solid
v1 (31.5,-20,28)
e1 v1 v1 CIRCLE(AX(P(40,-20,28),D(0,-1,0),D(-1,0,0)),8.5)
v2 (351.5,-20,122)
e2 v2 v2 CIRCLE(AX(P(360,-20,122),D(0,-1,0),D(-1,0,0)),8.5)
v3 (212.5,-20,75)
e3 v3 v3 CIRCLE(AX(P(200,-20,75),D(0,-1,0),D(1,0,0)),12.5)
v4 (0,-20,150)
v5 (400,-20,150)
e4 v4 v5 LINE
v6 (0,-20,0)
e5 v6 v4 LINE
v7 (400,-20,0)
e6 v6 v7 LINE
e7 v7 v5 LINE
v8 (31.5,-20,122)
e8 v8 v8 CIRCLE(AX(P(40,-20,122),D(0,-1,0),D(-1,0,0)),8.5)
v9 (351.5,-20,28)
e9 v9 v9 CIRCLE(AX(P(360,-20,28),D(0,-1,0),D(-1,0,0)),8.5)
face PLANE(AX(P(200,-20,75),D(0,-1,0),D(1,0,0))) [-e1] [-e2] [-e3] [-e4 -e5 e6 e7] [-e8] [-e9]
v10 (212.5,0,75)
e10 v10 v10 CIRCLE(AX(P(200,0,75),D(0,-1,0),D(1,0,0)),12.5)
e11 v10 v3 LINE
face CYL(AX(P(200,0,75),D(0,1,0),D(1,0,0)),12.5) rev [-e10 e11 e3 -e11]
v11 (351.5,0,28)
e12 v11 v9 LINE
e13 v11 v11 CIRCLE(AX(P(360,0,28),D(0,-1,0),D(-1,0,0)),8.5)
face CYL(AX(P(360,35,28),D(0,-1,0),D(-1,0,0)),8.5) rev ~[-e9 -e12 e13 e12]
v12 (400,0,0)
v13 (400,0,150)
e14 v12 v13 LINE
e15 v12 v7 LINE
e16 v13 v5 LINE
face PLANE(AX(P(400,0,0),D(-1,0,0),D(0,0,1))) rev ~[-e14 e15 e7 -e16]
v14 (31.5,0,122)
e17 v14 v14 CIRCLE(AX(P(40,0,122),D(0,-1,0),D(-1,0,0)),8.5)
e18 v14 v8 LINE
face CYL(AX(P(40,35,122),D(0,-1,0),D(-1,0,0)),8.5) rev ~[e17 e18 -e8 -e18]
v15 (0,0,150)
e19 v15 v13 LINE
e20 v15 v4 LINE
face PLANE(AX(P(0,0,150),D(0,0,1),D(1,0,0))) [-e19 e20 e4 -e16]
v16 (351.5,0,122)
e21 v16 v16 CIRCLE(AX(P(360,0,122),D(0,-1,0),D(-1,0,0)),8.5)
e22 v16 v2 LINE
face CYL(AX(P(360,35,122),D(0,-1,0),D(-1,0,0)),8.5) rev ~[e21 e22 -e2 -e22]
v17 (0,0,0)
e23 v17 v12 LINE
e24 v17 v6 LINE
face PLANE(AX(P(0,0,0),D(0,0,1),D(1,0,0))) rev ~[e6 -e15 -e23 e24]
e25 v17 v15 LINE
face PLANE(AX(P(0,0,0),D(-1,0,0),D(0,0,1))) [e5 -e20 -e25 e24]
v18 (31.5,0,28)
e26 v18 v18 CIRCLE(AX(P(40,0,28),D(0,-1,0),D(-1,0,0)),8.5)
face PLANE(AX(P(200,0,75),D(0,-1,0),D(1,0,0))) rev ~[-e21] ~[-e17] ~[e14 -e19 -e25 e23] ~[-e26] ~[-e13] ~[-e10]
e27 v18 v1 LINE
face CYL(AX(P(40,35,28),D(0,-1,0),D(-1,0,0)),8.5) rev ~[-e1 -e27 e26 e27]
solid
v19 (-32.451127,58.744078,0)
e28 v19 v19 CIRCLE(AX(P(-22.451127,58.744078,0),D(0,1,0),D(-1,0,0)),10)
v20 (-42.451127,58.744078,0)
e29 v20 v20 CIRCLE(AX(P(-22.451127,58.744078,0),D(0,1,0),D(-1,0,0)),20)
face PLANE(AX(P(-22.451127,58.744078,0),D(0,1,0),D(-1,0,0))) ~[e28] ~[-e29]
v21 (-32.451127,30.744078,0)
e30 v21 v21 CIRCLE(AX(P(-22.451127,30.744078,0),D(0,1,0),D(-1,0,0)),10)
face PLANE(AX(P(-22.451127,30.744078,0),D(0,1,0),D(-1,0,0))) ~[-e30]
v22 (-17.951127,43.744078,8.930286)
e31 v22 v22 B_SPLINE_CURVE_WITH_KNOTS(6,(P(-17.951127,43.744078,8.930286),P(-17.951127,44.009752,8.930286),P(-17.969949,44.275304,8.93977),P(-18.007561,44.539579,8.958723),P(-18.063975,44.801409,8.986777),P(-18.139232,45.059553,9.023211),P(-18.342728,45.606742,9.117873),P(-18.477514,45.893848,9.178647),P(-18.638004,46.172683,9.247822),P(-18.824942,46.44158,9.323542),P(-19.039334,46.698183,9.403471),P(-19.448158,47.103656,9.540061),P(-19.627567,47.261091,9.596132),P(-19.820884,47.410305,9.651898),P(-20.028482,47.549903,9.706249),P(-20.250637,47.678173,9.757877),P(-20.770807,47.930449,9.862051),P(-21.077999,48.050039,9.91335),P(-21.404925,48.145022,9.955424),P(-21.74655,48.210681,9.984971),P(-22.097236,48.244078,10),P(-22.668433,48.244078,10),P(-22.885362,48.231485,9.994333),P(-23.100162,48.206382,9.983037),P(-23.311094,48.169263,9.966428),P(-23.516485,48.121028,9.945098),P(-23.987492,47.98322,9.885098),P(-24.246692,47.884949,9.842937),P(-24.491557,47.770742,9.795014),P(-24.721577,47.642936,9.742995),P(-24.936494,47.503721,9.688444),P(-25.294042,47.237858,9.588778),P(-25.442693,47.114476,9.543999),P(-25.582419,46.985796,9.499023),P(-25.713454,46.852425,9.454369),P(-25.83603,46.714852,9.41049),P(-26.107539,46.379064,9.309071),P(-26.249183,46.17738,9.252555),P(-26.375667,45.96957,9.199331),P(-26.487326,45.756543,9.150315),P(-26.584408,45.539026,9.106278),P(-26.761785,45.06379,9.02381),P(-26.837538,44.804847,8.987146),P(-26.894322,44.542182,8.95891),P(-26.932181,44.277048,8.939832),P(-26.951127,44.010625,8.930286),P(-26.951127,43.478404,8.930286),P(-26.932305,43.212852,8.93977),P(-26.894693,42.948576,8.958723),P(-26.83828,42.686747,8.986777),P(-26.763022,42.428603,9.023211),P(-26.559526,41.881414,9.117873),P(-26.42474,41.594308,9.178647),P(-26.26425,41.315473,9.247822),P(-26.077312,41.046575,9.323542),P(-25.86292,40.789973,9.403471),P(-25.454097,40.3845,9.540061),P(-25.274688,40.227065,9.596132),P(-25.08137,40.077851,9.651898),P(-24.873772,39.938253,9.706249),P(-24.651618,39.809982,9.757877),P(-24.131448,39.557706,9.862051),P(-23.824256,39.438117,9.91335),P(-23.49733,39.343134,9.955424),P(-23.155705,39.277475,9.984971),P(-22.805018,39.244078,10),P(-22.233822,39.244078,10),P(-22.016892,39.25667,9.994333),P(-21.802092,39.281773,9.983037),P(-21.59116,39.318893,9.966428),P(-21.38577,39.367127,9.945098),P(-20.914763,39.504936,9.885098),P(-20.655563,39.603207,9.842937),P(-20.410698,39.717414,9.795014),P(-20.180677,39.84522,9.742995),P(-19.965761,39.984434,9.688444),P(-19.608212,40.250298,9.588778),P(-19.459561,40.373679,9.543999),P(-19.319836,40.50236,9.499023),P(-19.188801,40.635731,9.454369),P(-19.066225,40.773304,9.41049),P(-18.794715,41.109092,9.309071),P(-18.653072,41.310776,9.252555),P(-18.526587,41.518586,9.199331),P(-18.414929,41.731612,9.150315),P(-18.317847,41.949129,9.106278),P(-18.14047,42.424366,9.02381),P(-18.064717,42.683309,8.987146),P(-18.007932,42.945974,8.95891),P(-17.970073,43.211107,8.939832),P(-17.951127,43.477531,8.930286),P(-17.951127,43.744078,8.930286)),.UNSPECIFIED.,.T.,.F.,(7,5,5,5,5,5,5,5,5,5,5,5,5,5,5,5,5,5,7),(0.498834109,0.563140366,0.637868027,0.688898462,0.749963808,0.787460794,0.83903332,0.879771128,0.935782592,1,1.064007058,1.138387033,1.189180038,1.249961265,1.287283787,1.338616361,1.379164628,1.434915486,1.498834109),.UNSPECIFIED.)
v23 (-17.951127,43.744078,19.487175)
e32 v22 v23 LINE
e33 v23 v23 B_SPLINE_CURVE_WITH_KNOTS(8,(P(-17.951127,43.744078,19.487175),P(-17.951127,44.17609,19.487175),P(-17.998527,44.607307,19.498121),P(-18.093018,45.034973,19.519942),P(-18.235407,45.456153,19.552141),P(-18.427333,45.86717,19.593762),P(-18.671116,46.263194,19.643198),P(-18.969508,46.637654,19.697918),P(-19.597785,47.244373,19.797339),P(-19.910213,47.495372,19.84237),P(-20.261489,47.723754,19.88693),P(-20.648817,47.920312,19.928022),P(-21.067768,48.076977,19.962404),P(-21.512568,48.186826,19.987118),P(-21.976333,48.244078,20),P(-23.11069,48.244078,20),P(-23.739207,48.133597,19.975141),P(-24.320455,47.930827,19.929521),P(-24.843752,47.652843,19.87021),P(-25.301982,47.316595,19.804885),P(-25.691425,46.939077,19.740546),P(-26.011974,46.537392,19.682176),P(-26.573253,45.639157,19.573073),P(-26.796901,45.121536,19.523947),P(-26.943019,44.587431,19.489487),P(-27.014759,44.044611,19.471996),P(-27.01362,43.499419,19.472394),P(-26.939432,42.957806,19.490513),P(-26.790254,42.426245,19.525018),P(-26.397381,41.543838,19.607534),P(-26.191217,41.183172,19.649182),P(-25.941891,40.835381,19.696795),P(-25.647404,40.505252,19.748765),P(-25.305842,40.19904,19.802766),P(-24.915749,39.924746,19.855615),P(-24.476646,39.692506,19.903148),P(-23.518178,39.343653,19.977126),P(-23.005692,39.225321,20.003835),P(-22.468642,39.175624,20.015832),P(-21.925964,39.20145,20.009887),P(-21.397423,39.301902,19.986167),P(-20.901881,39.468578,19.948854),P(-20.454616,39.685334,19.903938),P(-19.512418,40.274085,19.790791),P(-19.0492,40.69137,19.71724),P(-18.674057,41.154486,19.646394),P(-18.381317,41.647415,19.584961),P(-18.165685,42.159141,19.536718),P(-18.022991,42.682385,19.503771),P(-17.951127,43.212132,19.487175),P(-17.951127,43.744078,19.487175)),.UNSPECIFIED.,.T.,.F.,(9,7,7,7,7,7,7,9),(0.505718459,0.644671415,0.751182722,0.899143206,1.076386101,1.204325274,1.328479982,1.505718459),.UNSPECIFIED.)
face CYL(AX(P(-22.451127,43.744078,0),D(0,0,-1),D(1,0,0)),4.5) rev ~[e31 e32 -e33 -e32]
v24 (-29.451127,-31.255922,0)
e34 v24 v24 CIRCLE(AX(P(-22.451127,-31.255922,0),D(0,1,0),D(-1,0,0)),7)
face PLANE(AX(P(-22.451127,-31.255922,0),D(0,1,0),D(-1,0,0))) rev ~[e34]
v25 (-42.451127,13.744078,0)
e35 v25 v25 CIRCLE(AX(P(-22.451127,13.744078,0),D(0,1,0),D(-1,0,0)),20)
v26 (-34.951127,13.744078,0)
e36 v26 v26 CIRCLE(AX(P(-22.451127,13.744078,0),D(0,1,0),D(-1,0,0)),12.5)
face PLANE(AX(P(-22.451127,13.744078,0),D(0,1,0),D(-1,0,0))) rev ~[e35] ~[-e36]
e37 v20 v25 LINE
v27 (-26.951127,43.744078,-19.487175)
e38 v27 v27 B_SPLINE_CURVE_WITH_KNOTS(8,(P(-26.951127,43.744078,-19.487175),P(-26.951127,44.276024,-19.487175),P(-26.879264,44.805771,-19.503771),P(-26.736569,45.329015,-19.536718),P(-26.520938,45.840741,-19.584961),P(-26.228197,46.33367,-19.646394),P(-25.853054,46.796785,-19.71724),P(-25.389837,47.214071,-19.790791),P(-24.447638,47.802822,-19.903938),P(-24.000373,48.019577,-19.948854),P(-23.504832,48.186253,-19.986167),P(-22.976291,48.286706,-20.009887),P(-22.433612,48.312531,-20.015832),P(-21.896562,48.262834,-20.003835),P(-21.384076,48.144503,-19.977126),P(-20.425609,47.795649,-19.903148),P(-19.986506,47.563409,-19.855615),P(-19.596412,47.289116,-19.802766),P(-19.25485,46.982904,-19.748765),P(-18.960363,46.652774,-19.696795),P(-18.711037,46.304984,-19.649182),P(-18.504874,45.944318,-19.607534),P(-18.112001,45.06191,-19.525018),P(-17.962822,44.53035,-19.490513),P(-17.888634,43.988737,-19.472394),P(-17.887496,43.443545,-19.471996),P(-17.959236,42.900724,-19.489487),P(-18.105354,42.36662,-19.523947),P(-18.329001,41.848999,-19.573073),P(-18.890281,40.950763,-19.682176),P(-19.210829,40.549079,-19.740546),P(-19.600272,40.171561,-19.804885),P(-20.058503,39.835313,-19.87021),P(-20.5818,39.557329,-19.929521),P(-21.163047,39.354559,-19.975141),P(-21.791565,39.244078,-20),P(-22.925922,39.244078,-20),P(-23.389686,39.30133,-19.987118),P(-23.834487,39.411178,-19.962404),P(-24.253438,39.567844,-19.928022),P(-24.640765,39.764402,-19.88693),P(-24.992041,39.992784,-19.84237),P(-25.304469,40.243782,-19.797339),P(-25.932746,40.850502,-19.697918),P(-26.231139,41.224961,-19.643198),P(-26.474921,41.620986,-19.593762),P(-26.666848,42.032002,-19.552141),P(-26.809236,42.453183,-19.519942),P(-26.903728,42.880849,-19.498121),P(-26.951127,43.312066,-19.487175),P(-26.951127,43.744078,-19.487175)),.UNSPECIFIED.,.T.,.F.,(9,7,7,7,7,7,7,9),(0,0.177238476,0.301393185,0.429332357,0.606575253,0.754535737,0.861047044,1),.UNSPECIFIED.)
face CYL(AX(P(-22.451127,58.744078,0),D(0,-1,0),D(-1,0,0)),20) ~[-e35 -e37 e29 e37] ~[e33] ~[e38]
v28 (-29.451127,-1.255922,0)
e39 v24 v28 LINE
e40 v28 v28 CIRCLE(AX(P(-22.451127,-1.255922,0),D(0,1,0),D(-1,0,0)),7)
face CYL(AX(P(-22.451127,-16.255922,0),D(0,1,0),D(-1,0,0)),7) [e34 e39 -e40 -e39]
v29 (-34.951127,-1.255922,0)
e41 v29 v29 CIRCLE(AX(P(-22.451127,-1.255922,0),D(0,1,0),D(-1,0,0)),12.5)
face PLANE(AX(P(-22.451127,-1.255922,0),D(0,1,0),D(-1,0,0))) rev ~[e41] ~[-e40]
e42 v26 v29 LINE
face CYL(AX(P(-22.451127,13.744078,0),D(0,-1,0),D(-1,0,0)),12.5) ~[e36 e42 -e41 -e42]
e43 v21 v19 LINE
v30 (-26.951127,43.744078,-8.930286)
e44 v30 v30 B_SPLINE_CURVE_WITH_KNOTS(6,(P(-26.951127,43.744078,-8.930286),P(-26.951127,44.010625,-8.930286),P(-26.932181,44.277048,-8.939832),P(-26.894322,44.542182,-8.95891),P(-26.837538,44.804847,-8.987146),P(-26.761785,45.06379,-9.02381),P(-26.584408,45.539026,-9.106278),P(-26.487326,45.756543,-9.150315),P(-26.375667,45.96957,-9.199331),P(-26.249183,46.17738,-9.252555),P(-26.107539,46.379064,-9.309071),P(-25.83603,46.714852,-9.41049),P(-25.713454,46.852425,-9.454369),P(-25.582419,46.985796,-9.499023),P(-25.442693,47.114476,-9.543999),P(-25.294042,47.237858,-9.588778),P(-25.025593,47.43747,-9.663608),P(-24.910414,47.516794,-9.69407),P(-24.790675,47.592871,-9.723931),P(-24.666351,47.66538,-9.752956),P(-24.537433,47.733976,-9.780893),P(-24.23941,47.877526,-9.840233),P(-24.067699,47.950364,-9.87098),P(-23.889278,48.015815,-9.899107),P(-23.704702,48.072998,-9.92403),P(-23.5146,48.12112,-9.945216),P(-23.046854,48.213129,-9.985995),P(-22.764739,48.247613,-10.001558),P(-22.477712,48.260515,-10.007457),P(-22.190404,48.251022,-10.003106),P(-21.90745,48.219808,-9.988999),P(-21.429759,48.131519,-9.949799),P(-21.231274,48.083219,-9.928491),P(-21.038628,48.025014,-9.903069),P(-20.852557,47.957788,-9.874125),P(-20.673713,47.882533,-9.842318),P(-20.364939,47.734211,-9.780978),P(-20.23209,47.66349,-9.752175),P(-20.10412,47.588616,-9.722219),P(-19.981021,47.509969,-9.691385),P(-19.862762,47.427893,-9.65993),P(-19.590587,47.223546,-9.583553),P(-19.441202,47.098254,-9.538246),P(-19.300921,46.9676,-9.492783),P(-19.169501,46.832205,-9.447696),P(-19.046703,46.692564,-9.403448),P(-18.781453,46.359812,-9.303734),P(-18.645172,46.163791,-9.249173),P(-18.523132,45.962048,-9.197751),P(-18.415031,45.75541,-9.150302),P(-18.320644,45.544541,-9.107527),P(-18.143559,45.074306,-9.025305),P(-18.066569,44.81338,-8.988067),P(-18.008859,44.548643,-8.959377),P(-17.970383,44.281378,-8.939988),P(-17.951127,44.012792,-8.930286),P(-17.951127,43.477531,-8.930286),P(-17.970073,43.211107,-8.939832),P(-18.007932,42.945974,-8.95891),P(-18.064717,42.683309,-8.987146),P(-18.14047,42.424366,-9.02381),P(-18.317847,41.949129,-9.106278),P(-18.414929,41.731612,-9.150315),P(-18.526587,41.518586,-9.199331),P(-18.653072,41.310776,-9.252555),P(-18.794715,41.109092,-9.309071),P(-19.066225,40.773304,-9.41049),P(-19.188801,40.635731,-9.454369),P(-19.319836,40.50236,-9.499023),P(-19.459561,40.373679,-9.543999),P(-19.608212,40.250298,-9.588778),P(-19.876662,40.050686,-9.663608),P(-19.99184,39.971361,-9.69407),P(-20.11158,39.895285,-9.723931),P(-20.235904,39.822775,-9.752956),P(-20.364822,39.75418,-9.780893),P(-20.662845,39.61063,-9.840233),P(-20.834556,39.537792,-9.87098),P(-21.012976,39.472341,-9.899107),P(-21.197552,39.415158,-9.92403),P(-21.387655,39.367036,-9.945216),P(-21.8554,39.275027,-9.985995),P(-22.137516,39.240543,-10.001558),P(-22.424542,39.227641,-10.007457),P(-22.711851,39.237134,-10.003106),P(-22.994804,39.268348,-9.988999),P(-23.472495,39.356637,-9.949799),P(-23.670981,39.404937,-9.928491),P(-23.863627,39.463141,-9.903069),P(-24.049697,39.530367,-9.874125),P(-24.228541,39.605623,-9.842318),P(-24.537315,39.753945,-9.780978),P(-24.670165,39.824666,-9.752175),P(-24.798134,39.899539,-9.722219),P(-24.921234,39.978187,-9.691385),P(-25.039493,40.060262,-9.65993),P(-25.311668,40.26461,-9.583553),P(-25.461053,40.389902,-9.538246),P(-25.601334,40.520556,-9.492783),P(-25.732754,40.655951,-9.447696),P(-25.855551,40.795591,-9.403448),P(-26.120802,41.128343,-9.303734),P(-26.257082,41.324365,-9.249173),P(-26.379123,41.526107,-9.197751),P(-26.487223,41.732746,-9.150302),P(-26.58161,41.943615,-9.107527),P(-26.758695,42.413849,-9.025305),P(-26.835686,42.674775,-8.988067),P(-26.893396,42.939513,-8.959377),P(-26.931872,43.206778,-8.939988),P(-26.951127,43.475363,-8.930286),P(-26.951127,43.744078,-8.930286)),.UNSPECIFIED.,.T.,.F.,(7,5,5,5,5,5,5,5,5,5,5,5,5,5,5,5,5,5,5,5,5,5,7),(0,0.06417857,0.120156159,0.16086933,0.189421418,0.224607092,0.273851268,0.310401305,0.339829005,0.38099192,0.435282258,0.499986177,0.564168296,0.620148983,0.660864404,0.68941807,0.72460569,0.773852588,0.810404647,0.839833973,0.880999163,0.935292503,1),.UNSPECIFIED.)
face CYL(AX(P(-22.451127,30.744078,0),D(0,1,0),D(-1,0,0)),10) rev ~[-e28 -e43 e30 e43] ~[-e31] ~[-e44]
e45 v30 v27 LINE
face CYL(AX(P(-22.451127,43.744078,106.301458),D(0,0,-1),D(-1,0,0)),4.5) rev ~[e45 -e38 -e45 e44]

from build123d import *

# Parameters (mm, degrees)
F0_W     = 400
F0_H     = 150
F0_R     = 12.5
F1_DEPTH = 20
F2_W     = 7
F2_H     = 30
F4_D     = 9
F4_DEPTH = 20.001
F5_D     = 9
F6_D     = 17
F6_DEPTH = 35
F6_TIP   = 5.1073152617


with BuildPart() as f1:
    # F0 (on Front) → F1 (new body)
    with BuildSketch(Plane.XZ):
        with Locations((200, 75)):
            Rectangle(F0_W, F0_H)
        with Locations((200, 75)):
            Circle(F0_R, mode=Mode.SUBTRACT)
    extrude(amount=F1_DEPTH)

    # F6
    with Locations(Plane(origin=(0, 0, 0), x_dir=(1, 0, 0), z_dir=(0, 1, 0))):
        with Locations((360, -122), (360, -28), (40, -122), (40, -28)):
            Hole(F6_D / 2, depth=F6_DEPTH)
            with Locations((0, 0, -(F6_DEPTH + F6_TIP / 2))):  # 118° drill point
                Cone(0, F6_D / 2, F6_TIP, mode=Mode.SUBTRACT)


with BuildPart() as f3:
    # F2 (on Top) → F3 (revolve)
    with BuildSketch(Plane.XY):
        Polygon((-22.451127246, -1.2559221685), (-22.451127246, 13.7440778315), (-34.951127246, 13.7440778315), (-34.951127246, -1.2559221685), (-29.451127246, -1.2559221685), align=None)
        Polygon((-34.951127246, 13.7440778315), (-22.451127246, 13.7440778315), (-22.451127246, 30.7440778315), (-32.451127246, 30.7440778315), (-32.451127246, 58.7440778315), (-42.451127246, 58.7440778315), (-42.451127246, 13.7440778315), align=None)
        with Locations((-25.951127246, -16.2559221685)):
            Rectangle(F2_W, F2_H)
    revolve(axis=Axis((-22.451127246, 22.2440778315, 0), (0, 1, 0)))

    # F4 (through all, one way)
    with BuildSketch(Plane(origin=(0, 0, 0), x_dir=(1, 0, 0), z_dir=(0, 0, -1))):
        with Locations((-22.451127246, -43.7440778315)):
            Circle(F4_D / 2)
    extrude(amount=-F4_DEPTH, mode=Mode.SUBTRACT)

    # F5 (through all)
    with Locations(Plane.XY):
        with Locations((-22.451127246, 43.7440778315)):
            Hole(F5_D / 2)


solid = Compound([f1.part, f3.part])
